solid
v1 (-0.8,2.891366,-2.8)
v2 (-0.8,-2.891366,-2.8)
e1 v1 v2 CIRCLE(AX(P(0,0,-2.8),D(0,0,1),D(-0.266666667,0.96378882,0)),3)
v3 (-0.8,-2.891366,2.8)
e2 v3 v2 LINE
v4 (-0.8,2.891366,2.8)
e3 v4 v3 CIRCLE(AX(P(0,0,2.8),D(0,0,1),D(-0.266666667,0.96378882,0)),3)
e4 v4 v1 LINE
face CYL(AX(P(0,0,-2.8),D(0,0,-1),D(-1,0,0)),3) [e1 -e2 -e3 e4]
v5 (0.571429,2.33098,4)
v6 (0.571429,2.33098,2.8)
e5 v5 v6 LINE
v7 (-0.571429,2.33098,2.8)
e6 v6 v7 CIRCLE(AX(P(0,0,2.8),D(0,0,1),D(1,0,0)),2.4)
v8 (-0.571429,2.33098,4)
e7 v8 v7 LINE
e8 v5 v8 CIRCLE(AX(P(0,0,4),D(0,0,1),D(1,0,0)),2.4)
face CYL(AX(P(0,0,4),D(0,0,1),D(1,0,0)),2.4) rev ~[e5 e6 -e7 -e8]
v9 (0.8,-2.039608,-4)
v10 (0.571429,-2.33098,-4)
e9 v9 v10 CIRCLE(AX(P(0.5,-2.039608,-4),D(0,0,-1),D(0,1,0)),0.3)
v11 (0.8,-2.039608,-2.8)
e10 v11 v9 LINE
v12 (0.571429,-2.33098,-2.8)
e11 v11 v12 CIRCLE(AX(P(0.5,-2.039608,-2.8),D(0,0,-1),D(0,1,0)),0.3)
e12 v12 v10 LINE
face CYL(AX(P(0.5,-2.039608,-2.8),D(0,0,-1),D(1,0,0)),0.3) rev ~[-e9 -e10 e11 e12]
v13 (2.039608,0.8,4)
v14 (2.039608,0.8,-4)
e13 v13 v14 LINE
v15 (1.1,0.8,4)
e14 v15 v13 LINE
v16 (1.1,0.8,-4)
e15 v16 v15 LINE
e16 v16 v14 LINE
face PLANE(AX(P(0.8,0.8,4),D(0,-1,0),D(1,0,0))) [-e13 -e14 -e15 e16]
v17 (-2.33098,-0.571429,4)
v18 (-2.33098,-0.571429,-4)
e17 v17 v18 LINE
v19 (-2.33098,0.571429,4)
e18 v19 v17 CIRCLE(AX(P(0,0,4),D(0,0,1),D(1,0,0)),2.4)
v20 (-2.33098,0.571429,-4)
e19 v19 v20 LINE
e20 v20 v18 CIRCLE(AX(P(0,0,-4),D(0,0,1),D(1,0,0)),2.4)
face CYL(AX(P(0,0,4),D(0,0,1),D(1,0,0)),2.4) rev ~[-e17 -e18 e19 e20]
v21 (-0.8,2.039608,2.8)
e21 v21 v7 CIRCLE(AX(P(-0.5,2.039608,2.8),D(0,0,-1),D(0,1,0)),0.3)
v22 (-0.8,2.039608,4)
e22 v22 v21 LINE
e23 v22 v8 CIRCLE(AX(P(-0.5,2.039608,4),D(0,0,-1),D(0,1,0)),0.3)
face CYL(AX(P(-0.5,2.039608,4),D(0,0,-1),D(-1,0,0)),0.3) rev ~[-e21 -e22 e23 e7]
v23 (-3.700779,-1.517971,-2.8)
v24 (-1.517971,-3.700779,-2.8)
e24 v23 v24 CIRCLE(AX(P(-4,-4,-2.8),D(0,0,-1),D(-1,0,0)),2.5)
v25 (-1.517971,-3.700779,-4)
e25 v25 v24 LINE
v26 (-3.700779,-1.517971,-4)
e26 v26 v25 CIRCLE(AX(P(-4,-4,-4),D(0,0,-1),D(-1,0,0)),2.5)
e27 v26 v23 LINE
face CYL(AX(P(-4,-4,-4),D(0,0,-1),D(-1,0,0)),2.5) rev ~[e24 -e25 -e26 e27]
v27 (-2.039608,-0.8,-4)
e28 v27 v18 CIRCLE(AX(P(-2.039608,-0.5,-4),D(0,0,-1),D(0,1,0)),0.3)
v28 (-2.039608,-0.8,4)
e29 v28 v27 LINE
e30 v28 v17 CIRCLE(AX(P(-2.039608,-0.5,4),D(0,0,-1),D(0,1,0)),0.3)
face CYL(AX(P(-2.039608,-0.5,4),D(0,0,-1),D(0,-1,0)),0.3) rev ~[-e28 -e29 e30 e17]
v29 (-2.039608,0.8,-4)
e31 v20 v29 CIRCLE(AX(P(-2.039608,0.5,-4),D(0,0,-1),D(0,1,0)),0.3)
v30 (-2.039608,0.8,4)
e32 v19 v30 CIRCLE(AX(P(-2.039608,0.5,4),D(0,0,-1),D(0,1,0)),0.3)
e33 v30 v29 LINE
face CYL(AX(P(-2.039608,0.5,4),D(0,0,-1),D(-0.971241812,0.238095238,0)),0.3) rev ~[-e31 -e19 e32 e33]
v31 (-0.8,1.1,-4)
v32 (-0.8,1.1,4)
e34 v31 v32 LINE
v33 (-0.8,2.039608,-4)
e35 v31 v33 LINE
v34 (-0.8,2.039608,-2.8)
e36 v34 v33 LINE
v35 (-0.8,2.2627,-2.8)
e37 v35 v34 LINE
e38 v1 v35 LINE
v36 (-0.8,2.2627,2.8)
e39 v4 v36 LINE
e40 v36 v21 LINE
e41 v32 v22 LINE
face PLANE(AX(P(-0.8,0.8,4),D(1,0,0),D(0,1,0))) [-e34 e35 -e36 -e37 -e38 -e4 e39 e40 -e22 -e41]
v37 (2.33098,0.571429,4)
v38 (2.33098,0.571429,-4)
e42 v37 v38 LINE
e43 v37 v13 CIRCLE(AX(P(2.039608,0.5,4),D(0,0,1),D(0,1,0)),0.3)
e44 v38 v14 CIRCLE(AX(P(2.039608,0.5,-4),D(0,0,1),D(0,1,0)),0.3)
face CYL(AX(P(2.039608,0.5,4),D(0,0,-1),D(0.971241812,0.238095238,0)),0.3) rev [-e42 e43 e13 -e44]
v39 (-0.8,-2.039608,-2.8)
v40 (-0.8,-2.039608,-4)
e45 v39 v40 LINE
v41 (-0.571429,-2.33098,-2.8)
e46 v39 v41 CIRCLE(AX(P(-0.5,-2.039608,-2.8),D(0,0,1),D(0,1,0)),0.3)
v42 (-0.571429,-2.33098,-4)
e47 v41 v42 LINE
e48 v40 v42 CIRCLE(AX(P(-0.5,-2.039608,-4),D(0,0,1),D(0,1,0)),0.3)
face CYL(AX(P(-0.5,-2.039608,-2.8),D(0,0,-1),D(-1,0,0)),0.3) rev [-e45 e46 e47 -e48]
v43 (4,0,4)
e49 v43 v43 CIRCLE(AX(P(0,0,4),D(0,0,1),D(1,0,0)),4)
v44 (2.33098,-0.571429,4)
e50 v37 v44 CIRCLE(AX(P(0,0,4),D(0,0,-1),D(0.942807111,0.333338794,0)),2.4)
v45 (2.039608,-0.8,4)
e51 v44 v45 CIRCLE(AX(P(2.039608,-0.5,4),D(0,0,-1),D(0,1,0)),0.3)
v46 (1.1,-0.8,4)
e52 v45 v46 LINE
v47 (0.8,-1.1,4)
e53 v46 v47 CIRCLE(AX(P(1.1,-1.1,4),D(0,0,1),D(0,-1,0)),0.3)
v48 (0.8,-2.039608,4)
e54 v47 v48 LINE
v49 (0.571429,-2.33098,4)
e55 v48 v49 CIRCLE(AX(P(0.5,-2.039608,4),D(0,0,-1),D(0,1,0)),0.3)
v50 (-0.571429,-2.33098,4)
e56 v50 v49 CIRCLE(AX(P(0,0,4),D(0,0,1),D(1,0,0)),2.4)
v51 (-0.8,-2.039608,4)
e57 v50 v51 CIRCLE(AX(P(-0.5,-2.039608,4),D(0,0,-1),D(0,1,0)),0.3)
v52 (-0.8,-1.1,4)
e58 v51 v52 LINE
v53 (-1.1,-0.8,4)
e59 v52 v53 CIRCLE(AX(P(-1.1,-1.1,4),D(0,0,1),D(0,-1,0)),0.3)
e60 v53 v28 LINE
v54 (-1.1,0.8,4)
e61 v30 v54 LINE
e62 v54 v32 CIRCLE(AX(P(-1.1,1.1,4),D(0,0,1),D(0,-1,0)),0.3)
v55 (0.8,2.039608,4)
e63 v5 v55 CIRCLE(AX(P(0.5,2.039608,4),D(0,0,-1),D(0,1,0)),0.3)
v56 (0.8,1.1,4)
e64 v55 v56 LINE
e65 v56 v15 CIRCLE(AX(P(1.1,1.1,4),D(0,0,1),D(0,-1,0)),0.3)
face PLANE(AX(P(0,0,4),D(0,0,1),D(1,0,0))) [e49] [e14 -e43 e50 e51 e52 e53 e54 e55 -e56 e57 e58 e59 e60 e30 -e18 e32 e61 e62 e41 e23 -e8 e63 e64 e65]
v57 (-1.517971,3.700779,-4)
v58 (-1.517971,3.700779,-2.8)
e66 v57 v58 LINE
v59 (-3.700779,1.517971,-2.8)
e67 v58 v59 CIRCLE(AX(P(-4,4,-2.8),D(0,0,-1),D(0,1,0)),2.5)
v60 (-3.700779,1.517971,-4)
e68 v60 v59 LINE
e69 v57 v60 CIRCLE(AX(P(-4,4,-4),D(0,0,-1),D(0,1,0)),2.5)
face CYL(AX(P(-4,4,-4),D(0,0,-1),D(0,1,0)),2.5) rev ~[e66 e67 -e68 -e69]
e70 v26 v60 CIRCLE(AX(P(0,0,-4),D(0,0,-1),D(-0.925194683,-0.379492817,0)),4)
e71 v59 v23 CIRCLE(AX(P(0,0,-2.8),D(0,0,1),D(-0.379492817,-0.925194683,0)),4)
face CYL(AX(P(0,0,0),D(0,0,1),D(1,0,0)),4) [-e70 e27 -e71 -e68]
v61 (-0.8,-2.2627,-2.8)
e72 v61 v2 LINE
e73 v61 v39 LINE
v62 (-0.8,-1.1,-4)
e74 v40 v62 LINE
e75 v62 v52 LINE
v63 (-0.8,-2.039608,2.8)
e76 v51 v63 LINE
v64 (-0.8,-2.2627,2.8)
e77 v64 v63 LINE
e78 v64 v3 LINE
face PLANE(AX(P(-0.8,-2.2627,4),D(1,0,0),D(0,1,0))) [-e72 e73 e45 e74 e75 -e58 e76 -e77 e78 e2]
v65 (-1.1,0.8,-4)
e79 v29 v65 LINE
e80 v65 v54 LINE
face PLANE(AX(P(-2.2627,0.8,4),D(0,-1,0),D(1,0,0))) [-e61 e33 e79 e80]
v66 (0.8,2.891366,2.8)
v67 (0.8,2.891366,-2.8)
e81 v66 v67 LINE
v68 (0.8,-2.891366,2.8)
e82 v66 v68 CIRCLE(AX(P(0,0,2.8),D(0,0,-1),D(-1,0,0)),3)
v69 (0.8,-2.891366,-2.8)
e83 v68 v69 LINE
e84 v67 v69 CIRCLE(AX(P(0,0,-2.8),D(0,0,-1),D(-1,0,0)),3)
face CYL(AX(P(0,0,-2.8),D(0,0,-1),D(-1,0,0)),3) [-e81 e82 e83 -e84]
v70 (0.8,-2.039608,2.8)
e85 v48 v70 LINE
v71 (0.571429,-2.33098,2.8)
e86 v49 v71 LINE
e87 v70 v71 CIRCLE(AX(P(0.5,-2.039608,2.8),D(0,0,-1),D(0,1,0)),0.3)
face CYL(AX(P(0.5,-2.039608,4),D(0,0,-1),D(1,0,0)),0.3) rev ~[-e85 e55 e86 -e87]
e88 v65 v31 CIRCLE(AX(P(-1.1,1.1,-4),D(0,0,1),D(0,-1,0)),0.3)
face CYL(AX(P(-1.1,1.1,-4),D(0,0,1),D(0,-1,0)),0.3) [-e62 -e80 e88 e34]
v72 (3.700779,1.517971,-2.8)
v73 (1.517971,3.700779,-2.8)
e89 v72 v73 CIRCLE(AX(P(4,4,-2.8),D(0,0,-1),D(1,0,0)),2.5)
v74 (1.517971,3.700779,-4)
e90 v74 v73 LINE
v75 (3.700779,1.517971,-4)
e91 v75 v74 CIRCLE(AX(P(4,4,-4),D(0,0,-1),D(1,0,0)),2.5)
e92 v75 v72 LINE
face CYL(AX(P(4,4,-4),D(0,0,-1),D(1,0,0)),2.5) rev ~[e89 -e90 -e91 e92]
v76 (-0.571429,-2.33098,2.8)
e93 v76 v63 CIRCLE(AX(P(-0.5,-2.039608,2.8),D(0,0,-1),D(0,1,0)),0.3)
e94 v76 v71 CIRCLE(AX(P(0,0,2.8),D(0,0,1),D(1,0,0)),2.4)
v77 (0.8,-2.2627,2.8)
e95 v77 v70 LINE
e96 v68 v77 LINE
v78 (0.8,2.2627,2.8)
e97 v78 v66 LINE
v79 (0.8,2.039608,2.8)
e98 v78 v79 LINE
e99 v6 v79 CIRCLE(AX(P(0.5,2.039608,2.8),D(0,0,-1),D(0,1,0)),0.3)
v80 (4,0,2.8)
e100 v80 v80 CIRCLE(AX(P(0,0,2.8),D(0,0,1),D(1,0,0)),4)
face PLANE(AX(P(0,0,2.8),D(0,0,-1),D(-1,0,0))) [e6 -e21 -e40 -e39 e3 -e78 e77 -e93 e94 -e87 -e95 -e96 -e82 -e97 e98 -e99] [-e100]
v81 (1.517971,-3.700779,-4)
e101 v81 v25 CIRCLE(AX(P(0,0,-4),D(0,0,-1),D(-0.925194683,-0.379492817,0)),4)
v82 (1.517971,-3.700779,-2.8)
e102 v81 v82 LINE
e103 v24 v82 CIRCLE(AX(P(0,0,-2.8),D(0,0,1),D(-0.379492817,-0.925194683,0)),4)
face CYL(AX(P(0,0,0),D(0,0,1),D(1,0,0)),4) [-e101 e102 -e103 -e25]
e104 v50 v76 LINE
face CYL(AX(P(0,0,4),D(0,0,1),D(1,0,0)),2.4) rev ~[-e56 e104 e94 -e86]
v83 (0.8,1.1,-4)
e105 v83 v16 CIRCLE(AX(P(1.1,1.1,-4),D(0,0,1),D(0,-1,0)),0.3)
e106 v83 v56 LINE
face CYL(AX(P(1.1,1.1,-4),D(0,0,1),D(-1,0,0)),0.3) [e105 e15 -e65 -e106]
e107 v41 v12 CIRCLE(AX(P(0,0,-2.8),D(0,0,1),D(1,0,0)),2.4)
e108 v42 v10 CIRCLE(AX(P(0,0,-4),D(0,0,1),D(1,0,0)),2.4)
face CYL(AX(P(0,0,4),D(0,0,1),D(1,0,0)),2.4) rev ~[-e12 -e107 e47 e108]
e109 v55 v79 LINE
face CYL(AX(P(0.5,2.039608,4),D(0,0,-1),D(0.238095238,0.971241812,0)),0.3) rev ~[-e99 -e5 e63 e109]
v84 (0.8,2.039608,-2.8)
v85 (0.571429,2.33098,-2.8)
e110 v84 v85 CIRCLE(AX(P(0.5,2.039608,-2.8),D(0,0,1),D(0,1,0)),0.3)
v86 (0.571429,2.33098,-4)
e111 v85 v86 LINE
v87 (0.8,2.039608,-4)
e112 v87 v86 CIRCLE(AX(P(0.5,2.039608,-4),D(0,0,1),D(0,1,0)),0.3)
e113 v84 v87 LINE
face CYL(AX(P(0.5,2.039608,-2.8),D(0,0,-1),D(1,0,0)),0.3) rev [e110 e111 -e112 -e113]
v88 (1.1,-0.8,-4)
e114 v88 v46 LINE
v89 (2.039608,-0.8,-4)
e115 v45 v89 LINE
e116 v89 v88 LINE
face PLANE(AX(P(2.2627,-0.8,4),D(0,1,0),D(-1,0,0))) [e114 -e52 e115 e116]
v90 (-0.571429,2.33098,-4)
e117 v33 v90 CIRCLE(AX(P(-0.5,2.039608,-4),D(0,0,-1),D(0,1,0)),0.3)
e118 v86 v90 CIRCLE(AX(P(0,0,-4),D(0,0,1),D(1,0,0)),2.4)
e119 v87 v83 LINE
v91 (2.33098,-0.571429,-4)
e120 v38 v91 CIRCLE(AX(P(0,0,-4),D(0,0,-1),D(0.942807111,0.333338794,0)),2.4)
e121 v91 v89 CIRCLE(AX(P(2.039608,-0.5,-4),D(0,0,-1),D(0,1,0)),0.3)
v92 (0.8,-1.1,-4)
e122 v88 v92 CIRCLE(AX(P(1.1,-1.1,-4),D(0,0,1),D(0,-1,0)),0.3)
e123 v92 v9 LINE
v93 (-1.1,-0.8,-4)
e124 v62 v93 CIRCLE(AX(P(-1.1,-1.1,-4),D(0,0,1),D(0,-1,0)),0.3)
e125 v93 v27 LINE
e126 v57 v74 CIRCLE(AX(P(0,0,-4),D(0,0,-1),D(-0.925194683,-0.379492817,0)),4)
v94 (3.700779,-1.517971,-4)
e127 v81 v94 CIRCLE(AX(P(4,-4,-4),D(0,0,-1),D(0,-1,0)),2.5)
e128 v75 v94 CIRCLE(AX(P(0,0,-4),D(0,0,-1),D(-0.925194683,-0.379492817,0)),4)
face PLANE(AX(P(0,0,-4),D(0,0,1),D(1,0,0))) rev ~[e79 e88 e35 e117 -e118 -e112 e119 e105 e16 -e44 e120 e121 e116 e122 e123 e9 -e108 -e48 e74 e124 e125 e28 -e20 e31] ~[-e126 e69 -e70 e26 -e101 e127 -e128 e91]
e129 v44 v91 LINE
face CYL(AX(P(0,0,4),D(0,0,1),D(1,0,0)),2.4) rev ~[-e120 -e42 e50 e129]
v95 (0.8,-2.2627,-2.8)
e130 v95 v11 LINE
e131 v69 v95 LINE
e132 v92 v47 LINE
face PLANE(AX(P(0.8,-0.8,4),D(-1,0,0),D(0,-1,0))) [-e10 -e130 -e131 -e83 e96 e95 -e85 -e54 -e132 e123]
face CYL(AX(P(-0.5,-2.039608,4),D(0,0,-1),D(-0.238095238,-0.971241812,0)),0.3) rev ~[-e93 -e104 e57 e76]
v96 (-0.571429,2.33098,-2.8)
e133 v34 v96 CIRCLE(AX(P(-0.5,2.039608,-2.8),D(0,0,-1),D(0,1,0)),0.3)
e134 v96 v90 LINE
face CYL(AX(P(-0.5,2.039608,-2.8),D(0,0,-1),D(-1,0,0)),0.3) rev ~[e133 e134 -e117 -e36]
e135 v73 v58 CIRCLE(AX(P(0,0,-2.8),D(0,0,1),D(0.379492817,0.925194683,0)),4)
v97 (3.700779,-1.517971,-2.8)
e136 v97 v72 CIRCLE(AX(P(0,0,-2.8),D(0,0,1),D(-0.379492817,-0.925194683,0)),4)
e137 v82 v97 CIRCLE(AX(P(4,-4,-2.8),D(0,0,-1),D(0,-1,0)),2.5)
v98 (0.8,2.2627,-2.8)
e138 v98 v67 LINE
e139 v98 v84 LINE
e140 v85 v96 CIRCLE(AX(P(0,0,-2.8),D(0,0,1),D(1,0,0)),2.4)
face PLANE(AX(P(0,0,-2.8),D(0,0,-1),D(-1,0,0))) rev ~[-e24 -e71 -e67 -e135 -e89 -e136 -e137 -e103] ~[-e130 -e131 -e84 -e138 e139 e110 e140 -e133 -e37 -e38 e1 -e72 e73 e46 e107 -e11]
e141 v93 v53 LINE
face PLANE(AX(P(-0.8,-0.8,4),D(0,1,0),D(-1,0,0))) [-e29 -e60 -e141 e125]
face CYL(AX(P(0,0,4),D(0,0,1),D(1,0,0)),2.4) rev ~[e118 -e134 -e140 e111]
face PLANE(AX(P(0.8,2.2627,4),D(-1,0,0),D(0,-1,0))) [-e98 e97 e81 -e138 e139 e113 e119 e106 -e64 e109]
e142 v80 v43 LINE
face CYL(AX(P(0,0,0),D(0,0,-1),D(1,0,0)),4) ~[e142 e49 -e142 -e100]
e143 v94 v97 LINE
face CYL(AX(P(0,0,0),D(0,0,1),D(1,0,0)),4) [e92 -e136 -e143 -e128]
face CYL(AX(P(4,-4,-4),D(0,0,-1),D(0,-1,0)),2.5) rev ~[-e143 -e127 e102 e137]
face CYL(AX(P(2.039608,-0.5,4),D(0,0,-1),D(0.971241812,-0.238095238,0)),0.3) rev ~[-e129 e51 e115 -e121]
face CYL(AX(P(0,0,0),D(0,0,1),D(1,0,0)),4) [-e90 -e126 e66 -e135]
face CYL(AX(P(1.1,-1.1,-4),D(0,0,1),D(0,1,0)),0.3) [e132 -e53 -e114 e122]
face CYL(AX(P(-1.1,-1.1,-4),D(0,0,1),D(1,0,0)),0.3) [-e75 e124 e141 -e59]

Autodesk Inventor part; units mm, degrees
ref_plane "YZ Plane" through (0, 0, 0) normal (1, 0, 0) x (0, 1, 0)
ref_plane "XZ Plane" through (0, 0, 0) normal (0, 1, 0) x (-1, 0, 0)
sketch "Sketch1" plane through (0, 0, 0) normal (0, 0, 1) x (1, 0, 0)
  circle A0 centre (0, 0) radius 4
  dimension "d0" = 8
extrude "Extrusion1" add sketch "Sketch1" along normal mid plane 8
sketch "Sketch2" plane through (0, 0, 4) normal (0, 0, 1) x (1, 0, 0)
  circle A0 centre (0, 0) radius 2.4
  line L0 (-2.2627, 0.8) -> (-0.8, 0.8)
  line L1 (-0.8, 0.8) -> (-0.8, 2.2627)
  line L2 (0.8, 2.2627) -> (0.8, 0.8)
  line L3 (0.8, 0.8) -> (2.2627, 0.8)
  line L4 (2.2627, -0.8) -> (0.8, -0.8)
  line L5 (0.8, -0.8) -> (0.8, -2.2627)
  line L6 (-0.8, -2.2627) -> (-0.8, -0.8)
  line L7 (-0.8, -0.8) -> (-2.2627, -0.8)
  dimension "d3" = 4.8
  dimension "d4" = 1.6
extrude "Extrusion2" cut sketch "Sketch2" against normal through all contours A0 L4 L5 L6 L7 L0 L1 L2 L3
ref_plane "Work Plane1" through (0, 0, -2.8) normal (0, 0, -1) x (-1, 0, 0)
sketch "Sketch3" plane through (0, 0, -2.8) normal (0, 0, -1) x (-1, 0, 0)
  circle A0 centre (0, 0) radius 4 projected
  circle A1 centre (0, 0) radius 4 projected
  circle A2 centre (0, 0) radius 3
  dimension "d8" = 6
extrude "Extrusion3" cut sketch "Sketch3" against normal blind 5.6
sketch "Sketch4" plane through (0, 0, -4) normal (0, 0, -1) x (-1, 0, 0)
  circle A0 centre (4, -4) radius 2.5
  point P0 (0, 0)
  dimension "d11" = 4
  dimension "d12" = 4
  dimension "d13" = 5
extrude "Extrusion4" cut sketch "Sketch4" against normal up to surface (1.2 mm away)
pattern_circular "Circular Pattern1" count 4 over 360 about axis through (0, 0, -10) along (0, 0, 1) of "Extrusion4"
sketch "Sketch5" plane through (0, 0, 0) normal (0, 1, 0) x (-1, 0, 0)
  line L0 (-0.8, 4) -> (-0.8, -4) projected
  line L1 (0.8, 4) -> (0.8, -4) projected
  line L2 (4, 2.8) -> (-4, 2.8) projected
  line L3 (-1.518, -2.8) -> (1.518, -2.8) projected
  line L4 (-0.8, -2.8) -> (0.8, -2.8)
  line L5 (0.8, -2.8) -> (0.8, 2.8)
  line L6 (0.8, 2.8) -> (-0.8, 2.8)
  line L7 (-0.8, 2.8) -> (-0.8, -2.8)
  point P0 (0, 0)
extrude "Extrusion5" cut sketch "Sketch5" along normal through all both and the other way through all
fillet "Fillet1" radius 0.3 16 edges at (-0.8, 0.8, 0) (-0.8, -0.8, 0) (0.8, -0.8, 0) (0.8, 0.8, 0) (-2.2627, -0.8, 0) (-2.2627, 0.8, 0) (-0.8, 2.2627, 3.4) (0.8, 2.2627, 3.4) (2.2627, 0.8, 0) (2.2627, -0.8, 0) (0.8, -2.2627, 3.4) (-0.8, -2.2627, 3.4) (0.8, 2.2627, -3.4) (-0.8, 2.2627, -3.4) (0.8, -2.2627, -3.4) (-0.8, -2.2627, -3.4)
properties part number "3713" material "Steel"
